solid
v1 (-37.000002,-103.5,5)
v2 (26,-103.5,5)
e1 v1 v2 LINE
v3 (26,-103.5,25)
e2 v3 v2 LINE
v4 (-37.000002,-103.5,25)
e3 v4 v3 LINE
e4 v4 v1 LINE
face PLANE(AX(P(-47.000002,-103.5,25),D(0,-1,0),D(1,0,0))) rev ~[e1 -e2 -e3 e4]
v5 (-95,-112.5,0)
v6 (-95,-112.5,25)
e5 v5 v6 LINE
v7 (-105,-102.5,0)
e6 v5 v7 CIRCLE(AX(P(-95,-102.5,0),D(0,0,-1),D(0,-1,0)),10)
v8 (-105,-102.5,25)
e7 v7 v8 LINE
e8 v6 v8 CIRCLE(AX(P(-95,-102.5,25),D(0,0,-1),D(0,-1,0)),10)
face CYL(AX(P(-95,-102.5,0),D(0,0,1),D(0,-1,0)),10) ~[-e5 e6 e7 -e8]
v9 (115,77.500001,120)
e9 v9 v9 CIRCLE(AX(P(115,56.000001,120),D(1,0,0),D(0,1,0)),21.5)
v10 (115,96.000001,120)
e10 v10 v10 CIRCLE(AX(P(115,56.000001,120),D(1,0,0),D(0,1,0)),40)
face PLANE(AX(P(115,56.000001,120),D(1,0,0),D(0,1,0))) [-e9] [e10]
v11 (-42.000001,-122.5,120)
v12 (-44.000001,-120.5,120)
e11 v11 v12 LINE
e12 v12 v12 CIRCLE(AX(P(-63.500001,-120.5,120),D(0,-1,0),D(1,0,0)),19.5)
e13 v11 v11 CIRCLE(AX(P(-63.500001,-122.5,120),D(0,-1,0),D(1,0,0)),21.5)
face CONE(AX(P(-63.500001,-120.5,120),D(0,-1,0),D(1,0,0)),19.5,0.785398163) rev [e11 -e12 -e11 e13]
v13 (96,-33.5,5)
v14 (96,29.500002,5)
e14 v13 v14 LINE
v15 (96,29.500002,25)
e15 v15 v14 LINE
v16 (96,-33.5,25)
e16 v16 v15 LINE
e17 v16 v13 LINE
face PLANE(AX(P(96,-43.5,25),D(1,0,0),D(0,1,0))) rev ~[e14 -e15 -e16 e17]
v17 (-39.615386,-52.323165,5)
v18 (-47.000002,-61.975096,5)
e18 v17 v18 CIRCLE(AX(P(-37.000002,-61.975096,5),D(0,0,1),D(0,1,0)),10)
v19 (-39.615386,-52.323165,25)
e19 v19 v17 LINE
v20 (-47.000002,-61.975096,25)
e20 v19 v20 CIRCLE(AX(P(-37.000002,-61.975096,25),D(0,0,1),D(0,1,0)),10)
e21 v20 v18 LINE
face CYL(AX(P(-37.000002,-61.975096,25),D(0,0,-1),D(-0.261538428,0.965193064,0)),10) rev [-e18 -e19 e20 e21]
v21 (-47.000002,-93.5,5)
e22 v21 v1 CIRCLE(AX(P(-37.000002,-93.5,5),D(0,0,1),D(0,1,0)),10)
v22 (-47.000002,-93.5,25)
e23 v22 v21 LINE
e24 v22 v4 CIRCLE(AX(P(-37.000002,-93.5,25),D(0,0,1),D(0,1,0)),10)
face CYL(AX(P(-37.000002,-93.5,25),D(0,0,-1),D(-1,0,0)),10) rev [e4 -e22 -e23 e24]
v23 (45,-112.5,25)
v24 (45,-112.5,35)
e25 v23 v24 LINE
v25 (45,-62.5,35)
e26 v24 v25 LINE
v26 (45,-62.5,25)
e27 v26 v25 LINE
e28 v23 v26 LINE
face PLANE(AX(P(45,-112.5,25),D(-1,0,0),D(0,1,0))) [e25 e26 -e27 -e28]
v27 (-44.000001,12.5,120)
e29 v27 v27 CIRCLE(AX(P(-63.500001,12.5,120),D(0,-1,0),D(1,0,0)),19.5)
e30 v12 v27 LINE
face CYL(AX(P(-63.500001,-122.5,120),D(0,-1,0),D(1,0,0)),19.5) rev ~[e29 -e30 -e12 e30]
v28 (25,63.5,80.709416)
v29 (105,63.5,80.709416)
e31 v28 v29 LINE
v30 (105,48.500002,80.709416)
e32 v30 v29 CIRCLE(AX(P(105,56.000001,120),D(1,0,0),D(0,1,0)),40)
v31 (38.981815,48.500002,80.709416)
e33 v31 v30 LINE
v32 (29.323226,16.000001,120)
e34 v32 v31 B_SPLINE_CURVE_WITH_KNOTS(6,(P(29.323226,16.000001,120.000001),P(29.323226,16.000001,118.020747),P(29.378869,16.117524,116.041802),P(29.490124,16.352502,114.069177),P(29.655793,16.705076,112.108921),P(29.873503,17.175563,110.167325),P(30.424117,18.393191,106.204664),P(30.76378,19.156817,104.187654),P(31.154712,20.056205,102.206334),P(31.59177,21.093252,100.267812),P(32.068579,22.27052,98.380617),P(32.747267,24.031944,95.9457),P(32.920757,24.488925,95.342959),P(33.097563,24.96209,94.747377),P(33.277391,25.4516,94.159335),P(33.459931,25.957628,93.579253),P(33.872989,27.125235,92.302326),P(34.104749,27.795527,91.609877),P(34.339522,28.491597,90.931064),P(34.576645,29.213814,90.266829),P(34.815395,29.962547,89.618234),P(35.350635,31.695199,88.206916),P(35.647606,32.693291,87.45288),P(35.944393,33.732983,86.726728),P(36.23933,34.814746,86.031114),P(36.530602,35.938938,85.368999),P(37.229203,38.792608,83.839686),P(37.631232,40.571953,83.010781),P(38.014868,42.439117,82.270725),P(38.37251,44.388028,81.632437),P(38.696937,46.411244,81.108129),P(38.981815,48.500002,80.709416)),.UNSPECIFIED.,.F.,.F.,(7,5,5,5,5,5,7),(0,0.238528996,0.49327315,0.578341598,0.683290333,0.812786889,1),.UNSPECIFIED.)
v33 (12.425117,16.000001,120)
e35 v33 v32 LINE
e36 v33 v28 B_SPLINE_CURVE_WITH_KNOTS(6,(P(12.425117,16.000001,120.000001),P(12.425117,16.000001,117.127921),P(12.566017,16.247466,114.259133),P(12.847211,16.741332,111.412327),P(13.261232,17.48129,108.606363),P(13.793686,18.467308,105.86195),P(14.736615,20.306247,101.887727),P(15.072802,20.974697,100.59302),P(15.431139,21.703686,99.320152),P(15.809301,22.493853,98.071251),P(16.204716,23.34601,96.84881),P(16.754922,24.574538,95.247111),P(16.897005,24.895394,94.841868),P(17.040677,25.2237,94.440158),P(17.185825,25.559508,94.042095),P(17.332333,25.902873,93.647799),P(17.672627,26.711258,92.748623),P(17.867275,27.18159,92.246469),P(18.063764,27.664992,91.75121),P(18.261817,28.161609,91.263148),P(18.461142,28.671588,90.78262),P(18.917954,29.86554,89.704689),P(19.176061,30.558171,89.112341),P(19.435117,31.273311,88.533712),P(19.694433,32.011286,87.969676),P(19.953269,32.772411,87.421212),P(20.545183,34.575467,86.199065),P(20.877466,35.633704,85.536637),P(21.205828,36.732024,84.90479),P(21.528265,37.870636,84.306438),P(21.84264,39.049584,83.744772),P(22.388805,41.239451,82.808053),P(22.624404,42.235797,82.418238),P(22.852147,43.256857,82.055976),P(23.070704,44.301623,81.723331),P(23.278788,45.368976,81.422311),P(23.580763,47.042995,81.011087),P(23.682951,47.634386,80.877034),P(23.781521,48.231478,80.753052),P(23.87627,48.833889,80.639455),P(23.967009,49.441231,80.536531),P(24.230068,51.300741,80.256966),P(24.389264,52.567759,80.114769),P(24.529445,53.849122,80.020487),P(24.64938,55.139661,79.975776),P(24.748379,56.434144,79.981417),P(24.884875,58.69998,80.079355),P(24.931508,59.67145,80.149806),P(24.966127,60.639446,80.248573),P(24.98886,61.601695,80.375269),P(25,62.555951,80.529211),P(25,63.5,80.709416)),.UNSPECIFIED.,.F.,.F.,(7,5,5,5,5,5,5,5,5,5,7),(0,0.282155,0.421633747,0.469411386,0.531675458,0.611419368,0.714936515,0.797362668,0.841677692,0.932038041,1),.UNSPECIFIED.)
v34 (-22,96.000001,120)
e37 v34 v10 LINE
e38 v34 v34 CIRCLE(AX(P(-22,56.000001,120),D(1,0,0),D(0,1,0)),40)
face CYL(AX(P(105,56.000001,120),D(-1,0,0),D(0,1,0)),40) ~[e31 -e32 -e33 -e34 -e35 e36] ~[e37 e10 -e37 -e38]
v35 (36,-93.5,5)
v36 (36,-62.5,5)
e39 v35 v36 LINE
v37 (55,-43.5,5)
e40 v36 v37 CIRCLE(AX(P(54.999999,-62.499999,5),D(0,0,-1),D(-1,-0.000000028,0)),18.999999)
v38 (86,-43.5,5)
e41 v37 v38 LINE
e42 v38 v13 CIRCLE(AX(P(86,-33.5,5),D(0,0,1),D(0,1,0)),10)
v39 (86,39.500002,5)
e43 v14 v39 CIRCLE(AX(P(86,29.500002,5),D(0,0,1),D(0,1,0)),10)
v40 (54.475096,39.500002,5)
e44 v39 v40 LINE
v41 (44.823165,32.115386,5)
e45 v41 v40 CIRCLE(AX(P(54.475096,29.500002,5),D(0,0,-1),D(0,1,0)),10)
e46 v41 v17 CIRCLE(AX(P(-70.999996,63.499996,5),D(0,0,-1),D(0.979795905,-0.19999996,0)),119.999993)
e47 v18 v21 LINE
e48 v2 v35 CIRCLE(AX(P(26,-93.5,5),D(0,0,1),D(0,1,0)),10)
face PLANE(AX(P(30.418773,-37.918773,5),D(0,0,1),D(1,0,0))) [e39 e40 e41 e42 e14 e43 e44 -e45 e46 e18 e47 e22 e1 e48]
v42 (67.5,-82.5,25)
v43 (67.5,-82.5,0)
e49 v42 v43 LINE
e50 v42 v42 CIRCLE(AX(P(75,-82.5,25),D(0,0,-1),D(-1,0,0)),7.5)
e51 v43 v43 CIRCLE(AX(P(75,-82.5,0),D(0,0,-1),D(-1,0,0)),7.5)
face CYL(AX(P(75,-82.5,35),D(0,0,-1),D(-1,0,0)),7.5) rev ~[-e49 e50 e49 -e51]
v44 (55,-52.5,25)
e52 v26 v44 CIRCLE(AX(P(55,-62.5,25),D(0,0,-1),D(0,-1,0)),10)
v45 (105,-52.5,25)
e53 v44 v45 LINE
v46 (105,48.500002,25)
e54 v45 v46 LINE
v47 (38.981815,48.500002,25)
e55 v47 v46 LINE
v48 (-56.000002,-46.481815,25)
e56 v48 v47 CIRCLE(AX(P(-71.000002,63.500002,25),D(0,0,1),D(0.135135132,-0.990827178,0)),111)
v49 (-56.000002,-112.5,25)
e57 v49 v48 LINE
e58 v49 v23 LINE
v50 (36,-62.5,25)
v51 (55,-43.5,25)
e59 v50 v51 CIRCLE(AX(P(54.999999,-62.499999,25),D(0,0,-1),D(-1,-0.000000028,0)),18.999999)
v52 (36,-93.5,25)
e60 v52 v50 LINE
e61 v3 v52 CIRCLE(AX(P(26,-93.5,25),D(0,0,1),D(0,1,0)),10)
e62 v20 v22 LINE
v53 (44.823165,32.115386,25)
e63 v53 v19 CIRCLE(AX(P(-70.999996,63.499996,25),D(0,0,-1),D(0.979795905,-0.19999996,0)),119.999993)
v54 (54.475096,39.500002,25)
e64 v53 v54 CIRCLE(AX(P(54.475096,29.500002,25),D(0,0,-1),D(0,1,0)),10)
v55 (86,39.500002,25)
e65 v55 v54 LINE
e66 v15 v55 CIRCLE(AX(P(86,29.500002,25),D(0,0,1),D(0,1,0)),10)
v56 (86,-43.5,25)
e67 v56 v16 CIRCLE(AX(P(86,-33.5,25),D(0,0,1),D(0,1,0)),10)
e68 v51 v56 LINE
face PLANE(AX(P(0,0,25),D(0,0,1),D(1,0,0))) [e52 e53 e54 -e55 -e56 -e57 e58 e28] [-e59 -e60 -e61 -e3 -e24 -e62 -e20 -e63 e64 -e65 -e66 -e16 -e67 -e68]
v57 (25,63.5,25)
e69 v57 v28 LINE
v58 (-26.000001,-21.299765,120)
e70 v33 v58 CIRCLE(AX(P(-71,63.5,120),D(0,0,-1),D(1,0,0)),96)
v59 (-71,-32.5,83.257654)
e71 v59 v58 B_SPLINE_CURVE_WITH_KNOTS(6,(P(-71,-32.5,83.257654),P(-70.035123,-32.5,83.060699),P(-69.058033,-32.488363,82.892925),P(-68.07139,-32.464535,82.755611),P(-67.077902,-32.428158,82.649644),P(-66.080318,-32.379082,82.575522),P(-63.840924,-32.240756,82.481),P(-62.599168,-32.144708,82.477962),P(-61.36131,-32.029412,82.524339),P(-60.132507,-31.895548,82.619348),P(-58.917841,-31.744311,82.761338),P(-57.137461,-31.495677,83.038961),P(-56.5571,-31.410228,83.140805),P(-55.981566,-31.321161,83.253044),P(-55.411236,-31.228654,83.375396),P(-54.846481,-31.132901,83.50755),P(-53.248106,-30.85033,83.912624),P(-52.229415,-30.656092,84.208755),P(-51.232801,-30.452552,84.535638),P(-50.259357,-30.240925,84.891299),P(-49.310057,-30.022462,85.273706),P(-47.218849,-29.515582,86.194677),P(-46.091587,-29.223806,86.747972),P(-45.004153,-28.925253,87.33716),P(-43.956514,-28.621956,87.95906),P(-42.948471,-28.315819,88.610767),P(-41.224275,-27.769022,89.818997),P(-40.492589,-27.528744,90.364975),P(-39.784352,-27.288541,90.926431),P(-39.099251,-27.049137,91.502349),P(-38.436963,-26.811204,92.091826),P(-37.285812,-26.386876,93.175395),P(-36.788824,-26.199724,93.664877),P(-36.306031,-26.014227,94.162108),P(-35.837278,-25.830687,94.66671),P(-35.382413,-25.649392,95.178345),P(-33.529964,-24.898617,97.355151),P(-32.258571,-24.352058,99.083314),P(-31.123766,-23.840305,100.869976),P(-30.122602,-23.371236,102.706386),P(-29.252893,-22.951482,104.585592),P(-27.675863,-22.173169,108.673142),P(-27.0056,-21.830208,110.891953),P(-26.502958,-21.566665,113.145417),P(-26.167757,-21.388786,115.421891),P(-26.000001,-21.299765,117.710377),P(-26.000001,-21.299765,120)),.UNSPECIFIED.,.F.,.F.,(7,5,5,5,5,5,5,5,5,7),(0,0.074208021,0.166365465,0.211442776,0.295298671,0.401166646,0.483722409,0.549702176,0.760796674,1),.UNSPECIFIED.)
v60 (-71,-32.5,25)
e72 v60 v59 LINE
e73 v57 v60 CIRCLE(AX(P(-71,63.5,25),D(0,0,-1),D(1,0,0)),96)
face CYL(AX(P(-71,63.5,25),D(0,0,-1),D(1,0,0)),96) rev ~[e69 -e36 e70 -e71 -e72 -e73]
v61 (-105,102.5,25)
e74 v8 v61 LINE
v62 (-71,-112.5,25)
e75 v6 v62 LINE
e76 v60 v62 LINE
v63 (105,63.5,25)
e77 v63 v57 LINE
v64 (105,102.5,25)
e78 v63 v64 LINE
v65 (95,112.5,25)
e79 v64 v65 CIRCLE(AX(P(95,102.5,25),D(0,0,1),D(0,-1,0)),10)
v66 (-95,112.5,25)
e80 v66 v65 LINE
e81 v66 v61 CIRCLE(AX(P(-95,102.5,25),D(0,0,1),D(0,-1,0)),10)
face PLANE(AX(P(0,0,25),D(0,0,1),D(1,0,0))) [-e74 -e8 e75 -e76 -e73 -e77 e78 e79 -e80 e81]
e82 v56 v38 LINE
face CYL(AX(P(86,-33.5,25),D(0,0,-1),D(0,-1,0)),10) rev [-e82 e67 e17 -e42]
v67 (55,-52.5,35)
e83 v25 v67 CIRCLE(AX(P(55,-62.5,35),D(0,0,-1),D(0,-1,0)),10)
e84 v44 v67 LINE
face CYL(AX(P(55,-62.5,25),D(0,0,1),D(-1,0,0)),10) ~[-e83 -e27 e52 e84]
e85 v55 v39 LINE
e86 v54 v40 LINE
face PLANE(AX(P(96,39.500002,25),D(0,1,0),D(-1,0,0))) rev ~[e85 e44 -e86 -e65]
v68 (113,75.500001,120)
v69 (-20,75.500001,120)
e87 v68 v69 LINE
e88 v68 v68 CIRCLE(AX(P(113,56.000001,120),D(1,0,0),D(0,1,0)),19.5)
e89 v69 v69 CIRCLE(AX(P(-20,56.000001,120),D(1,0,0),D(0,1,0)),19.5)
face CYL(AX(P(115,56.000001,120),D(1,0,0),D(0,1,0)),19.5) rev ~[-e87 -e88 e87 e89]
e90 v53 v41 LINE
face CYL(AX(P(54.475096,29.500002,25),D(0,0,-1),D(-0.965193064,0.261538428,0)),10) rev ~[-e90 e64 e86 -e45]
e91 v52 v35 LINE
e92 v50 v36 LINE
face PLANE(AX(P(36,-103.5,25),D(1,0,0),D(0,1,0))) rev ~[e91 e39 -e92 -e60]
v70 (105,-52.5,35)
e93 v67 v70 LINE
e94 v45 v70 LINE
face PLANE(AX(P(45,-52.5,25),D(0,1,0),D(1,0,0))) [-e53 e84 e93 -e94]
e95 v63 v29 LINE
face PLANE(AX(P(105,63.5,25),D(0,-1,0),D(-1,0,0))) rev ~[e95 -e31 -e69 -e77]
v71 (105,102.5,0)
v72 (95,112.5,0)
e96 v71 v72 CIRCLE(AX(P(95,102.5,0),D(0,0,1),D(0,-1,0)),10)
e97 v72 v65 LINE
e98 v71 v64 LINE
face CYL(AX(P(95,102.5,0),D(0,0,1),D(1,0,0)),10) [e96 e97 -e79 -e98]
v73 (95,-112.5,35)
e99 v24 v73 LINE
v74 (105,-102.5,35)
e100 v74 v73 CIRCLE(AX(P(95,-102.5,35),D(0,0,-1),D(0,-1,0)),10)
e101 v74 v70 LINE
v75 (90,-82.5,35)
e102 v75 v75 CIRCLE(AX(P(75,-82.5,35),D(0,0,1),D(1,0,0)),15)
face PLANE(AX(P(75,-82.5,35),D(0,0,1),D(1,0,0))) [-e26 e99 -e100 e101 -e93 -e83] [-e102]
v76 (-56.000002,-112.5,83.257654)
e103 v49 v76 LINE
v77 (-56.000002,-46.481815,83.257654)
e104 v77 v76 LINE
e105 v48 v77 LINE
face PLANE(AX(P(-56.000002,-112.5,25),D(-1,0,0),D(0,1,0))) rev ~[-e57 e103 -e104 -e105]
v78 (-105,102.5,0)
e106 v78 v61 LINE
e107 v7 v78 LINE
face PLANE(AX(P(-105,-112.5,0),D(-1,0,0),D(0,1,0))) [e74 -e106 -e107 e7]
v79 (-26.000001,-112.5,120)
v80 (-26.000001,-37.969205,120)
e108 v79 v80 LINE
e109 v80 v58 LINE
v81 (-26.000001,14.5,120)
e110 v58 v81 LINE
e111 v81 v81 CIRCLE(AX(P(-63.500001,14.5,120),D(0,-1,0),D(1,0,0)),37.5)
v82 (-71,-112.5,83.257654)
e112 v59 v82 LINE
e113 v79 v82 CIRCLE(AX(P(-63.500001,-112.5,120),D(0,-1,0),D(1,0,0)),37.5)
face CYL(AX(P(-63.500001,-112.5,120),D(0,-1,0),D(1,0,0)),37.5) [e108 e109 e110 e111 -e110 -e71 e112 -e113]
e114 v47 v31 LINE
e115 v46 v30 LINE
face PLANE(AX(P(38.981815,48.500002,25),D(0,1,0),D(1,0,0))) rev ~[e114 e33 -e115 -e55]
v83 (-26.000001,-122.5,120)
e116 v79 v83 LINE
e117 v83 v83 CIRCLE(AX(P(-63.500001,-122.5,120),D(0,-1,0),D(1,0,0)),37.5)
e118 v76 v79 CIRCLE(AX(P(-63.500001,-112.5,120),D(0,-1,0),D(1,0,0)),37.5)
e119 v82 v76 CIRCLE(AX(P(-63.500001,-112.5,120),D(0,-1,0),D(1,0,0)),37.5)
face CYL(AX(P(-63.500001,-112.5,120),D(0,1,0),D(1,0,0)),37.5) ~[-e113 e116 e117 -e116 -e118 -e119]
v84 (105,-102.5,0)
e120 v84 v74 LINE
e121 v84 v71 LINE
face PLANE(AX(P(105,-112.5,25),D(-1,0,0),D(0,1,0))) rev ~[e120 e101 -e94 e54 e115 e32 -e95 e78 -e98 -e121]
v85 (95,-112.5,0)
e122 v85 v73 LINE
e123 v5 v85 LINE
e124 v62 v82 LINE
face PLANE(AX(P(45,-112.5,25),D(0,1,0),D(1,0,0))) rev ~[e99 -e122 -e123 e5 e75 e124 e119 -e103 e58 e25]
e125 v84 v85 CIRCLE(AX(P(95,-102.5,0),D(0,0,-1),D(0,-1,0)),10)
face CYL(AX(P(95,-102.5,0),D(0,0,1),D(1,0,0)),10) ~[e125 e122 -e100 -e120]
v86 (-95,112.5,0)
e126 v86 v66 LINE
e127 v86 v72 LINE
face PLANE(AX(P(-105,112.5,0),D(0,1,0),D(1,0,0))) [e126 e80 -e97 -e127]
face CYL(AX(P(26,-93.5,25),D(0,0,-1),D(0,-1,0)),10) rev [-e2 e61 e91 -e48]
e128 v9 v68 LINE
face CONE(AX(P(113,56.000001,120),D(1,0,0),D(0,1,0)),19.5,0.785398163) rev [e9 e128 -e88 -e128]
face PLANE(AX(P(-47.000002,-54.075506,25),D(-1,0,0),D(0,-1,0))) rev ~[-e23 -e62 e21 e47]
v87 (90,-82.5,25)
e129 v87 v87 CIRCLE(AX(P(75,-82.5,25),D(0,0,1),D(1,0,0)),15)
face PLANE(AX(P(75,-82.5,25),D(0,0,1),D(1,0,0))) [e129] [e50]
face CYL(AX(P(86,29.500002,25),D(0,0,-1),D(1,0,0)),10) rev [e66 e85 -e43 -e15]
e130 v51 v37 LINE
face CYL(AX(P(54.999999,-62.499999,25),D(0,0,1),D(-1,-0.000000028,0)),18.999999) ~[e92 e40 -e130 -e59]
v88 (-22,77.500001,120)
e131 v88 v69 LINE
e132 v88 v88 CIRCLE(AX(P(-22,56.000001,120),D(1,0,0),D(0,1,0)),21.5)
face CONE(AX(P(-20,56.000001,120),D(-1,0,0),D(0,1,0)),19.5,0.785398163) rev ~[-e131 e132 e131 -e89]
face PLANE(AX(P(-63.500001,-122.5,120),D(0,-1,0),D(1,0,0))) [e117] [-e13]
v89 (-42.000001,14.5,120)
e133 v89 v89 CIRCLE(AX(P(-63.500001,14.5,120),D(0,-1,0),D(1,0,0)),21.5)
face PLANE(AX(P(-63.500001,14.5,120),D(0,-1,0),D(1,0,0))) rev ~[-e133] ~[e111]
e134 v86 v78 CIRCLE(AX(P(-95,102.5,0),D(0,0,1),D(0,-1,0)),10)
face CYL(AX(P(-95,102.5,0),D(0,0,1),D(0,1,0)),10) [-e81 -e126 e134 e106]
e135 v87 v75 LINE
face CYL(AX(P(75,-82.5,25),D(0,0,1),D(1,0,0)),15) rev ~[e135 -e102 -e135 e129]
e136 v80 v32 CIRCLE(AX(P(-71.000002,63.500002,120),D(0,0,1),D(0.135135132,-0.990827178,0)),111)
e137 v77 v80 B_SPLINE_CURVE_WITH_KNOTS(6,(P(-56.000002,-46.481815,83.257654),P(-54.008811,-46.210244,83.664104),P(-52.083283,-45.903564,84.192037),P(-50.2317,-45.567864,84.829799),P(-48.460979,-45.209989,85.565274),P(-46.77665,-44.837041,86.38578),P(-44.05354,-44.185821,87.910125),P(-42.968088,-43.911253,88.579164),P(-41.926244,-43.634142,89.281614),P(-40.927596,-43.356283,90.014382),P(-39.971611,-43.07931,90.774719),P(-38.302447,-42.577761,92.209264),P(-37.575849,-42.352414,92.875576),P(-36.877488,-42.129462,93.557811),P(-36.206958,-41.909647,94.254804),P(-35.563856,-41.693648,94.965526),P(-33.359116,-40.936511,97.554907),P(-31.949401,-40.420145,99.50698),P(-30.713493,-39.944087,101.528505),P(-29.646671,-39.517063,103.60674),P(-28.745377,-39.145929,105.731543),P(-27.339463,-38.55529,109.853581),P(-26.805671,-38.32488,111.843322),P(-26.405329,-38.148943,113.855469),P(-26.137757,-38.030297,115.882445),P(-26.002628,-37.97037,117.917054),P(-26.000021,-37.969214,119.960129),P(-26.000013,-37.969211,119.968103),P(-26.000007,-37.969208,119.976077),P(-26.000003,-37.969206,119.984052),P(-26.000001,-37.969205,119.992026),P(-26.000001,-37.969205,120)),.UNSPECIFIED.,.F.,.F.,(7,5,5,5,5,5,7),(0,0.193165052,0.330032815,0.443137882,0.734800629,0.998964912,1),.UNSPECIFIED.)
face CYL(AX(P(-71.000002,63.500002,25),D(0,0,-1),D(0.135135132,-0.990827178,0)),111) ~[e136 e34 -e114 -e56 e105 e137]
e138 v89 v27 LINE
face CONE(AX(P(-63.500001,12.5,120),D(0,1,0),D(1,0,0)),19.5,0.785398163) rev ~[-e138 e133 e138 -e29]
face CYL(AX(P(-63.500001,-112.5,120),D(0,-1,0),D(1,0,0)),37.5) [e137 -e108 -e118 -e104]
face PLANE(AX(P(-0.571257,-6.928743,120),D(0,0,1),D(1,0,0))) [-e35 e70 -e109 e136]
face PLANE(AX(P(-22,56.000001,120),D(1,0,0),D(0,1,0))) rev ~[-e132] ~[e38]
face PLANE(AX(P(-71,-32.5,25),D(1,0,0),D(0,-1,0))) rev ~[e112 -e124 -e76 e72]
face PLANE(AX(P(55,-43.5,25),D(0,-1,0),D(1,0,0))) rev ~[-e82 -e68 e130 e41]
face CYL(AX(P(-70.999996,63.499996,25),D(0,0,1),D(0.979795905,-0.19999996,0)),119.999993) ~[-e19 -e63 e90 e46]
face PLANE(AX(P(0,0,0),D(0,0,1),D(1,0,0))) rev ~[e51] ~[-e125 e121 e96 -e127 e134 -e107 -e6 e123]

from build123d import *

# Parameters (mm, degrees)
F0_W            = 210
F0_H            = 225
F1_DEPTH        = 25
F3_DEPTH        = 95
F4_R            = 37.5
F5_DEPTH        = 10
F5_DEPTH_BACK   = 127
F6_R            = 40
F7_DEPTH        = 10
F7_DEPTH_BACK   = 127
F8_W            = 60
F8_H            = 60
F9_DEPTH        = 10
F10_R           = 10
F12_DEPTH       = 20
F14_D           = 15
F14_CBORE_D     = 30
F14_CBORE_DEPTH = 10
F15_R           = 10
F16_R           = 19.5
F17_DEPTH       = 235.001
F18_R           = 19.5
F19_DEPTH       = 220.001
F20_SIZE        = 2
F21_R           = 10


with BuildPart() as f1:
    # F0 (on Top) → F1 (new body)
    with BuildSketch(Plane.XY):
        Rectangle(F0_W, F0_H)
    extrude(amount=F1_DEPTH)

    # F2 (on face) → F3 (join)
    with BuildSketch(Plane.XY.offset(25)):
        with BuildLine():
            Line((-71, -32.5), (-71, -112.5))
            Line((-71, -112.5), (-56.000002, -112.5))
            Line((-56.000002, -112.5), (-56.000002, -46.481815))
            ThreePointArc((-56.000002, -46.481815), (7.488851, -14.988851), (38.981815, 48.500002))
            Line((38.981815, 48.500002), (105, 48.500002))
            Line((105, 48.500002), (105, 63.5))
            Line((105, 63.5), (25, 63.5))
            ThreePointArc((25, 63.5), (-3.117749, -4.382251), (-71, -32.5))
        make_face()
    extrude(amount=F3_DEPTH)

    # F4 (on face) → F5 (join, two sides)
    with BuildSketch(Plane.XZ.offset(112.5)) as f5_sk:
        with Locations((-63.500001, 120)):
            Circle(F4_R)
    extrude(amount=F5_DEPTH)
    extrude(f5_sk.sketch, amount=-F5_DEPTH_BACK)

    # F6 (on face) → F7 (join, two sides)
    with BuildSketch(Plane.YZ.offset(105)) as f7_sk:
        with Locations((56.000001, 120)):
            Circle(F6_R)
    extrude(amount=F7_DEPTH)
    extrude(f7_sk.sketch, amount=-F7_DEPTH_BACK)

    # F8 (on face) → F9 (join)
    with BuildSketch(Plane.XY.offset(25)):
        with Locations((75, -82.5)):
            Rectangle(F8_W, F8_H)
    extrude(amount=F9_DEPTH)

    # F10
    f10_edges = [f1.edges().sort_by_distance(p)[0] for p in [
        (45, -52.5, 30),
    ]]
    fillet(f10_edges, radius=F10_R)

    # F11 (on face) → F12 (cut)
    with BuildSketch(Plane.XY.offset(25)):
        with BuildLine():
            ThreePointArc((46.575506, 39.500002), (13.852813, -21.352813), (-47.000002, -54.075506))
            Line((-47.000002, -54.075506), (-47.000002, -103.5))
            Line((-47.000002, -103.5), (36, -103.5))
            Line((36, -103.5), (36, -62.5))
            ThreePointArc((36, -62.5), (41.564971, -49.064971), (55, -43.5))
            Line((55, -43.5), (96, -43.5))
            Line((96, -43.5), (96, 39.500002))
            Line((96, 39.500002), (46.575506, 39.500002))
        make_face()
    extrude(amount=-F12_DEPTH, mode=Mode.SUBTRACT)

    # F14 (through all)
    with Locations(Plane.XY.offset(35)):
        with Locations((75, -82.5)):
            CounterBoreHole(F14_D / 2, F14_CBORE_D / 2, F14_CBORE_DEPTH)

    # F15
    f15_edges = [f1.edges().sort_by_distance(p)[0] for p in [
        (-47.000002, -54.075506, 15),
        (46.575506, 39.500002, 15),
        (96, 39.500002, 15),
        (-47.000002, -103.5, 15),
        (36, -103.5, 15),
        (96, -43.5, 15),
    ]]
    fillet(f15_edges, radius=F15_R)

    # F16 (on face) → F17 (cut, through all)
    with BuildSketch(Plane.XZ.offset(122.5)):
        with Locations((-63.500001, 120)):
            Circle(F16_R)
    extrude(amount=-F17_DEPTH, mode=Mode.SUBTRACT)

    # F18 (on face) → F19 (cut, through all)
    with BuildSketch(Plane.YZ.offset(115)):
        with Locations((56.000001, 120)):
            Circle(F18_R)
    extrude(amount=-F19_DEPTH, mode=Mode.SUBTRACT)

    # F20
    f20_edges = [f1.edges().sort_by_distance(p)[0] for p in [
        (-83.000001, -122.5, 120),
        (115, 36.500001, 120),
        (-22, 36.500001, 120),
        (-83.000001, 14.5, 120),
    ]]
    chamfer(f20_edges, length=F20_SIZE)

    # F21
    f21_edges = [f1.edges().sort_by_distance(p)[0] for p in [
        (-105, -112.5, 12.5),
        (105, -112.5, 17.5),
        (105, 112.5, 12.5),
        (-105, 112.5, 12.5),
    ]]
    fillet(f21_edges, radius=F21_R)


solid = f1.part
